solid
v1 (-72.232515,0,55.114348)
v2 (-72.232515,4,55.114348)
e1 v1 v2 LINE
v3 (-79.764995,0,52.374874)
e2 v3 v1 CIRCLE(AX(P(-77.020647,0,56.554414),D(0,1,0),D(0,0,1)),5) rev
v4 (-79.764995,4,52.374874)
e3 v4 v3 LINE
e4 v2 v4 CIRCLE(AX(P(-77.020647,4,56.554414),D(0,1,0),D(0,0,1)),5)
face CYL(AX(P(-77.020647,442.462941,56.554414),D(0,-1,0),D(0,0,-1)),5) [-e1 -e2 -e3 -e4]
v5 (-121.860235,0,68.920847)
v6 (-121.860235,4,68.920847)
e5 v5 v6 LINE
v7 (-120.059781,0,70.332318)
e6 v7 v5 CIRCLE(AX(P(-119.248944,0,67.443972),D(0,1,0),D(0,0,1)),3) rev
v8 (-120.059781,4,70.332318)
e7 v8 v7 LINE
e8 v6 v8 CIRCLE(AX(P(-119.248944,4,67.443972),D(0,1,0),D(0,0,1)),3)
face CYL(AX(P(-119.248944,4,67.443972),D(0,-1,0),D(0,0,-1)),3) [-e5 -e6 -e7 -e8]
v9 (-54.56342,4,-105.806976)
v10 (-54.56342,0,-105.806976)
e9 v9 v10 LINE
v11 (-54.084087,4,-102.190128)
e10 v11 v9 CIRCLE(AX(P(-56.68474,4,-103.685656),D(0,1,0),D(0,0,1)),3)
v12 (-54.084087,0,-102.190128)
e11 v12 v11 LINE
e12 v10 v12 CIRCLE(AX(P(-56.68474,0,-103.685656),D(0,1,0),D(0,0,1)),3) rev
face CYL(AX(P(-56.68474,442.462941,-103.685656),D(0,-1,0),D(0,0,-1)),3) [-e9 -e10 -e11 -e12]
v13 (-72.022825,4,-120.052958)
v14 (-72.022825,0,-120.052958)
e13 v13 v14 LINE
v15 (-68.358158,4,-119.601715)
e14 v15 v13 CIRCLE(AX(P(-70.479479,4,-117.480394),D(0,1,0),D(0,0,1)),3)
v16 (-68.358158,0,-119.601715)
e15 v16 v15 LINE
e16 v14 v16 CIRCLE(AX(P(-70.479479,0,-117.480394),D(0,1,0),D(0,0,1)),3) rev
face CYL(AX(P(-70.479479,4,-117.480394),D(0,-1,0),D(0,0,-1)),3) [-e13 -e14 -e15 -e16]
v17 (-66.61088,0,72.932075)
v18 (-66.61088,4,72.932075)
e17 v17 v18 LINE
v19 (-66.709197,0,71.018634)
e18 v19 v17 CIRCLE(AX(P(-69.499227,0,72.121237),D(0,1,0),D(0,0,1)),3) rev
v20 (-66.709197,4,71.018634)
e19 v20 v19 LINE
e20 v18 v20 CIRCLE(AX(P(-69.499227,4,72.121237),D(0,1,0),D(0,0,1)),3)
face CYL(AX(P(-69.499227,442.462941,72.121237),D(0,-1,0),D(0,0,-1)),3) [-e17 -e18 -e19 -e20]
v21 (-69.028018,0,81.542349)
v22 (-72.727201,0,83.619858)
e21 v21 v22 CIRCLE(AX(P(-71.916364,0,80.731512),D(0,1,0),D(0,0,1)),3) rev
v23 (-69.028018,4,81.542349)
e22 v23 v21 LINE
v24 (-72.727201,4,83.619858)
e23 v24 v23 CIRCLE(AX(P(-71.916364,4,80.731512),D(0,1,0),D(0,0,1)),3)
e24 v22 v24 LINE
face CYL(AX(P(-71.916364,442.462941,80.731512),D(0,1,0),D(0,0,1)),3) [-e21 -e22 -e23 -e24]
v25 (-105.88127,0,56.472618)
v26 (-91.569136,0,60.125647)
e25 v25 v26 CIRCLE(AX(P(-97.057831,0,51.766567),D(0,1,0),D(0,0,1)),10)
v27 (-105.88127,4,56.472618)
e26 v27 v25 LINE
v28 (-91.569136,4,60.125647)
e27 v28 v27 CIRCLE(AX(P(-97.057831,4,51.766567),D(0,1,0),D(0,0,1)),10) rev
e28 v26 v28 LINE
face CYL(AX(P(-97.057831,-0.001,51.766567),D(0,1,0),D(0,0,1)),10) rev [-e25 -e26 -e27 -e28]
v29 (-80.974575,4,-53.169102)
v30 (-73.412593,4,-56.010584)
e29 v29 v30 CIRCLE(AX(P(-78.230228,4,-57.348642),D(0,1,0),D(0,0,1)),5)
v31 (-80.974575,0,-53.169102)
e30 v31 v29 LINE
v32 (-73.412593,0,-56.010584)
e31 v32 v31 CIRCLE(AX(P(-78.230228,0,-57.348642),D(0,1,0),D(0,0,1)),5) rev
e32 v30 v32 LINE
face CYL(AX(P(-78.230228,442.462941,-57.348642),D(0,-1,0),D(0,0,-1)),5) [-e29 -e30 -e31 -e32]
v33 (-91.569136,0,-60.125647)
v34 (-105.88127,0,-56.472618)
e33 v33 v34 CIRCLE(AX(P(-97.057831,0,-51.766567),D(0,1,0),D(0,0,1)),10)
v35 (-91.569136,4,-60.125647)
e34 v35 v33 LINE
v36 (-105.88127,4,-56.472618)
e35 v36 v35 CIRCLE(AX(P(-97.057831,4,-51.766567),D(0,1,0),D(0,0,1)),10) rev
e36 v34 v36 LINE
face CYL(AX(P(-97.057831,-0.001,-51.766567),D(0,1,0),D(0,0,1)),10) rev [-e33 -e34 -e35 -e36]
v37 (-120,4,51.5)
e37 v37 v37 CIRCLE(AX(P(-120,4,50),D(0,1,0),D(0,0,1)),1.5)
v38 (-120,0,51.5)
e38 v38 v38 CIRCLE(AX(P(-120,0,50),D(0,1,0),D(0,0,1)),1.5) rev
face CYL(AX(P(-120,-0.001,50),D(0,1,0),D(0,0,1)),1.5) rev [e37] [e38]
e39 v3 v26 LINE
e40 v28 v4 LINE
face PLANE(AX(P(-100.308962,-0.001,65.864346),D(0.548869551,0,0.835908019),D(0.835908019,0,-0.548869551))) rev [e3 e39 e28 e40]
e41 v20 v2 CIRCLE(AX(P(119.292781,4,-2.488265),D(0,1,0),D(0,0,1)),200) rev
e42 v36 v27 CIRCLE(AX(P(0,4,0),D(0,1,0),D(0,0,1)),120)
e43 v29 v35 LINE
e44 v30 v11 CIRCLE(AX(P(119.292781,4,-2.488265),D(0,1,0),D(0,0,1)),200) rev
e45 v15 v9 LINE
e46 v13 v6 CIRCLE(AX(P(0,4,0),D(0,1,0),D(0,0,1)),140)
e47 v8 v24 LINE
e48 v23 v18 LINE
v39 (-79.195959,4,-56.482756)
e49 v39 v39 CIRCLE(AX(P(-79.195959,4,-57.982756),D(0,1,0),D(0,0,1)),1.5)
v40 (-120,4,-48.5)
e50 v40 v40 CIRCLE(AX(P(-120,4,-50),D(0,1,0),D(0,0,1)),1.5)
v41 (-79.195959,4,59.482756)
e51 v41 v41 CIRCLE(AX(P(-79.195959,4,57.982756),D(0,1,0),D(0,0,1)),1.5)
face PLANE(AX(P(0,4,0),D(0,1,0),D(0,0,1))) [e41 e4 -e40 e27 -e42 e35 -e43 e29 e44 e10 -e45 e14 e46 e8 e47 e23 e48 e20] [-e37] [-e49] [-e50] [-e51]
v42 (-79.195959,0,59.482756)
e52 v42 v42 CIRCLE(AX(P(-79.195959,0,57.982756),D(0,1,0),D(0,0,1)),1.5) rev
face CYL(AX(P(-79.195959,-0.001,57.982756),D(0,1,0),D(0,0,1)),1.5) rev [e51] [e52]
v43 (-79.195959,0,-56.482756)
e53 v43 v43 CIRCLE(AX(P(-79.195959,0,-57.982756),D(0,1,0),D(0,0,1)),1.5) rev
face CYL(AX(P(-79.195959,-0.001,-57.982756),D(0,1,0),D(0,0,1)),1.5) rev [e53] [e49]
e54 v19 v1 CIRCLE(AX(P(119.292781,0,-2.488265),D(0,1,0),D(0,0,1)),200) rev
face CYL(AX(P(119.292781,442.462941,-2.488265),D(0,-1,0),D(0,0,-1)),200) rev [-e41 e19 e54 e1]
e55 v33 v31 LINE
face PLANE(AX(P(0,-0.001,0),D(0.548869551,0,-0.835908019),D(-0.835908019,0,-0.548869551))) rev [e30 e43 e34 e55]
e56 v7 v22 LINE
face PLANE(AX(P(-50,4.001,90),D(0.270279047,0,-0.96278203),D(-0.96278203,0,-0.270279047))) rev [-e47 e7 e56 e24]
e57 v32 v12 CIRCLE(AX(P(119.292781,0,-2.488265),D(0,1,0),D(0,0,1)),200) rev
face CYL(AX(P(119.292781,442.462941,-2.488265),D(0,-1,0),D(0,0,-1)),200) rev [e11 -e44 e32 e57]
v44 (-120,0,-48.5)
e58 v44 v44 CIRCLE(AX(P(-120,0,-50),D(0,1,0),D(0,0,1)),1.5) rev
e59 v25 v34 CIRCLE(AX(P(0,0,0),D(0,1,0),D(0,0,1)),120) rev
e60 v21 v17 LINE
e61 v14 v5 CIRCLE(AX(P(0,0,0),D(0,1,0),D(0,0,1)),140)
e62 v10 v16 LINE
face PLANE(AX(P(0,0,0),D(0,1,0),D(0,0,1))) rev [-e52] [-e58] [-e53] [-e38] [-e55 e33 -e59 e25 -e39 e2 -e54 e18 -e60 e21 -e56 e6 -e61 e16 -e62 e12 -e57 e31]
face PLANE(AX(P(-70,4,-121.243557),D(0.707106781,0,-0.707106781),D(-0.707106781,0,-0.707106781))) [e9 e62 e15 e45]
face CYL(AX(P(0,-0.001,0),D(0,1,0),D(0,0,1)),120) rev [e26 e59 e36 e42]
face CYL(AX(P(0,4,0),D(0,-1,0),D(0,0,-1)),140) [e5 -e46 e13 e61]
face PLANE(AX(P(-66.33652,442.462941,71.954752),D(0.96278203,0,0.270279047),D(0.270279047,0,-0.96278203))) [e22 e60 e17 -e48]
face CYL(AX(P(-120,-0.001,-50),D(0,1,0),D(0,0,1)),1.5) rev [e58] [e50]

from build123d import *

# Parameters (mm, degrees)
SKETCH1_R               = 140
BOSS_EXTRUDE1_DEPTH     = 4
CUT_EXTRUDE1_REACH      = 6
CUT_EXTRUDE3_REACH      = 6
SKETCH19_R              = 1.5
CUT_EXTRUDE4_REACH      = 6
FILLET2_R               = 10
CUT_EXTRUDE8_DEPTH      = 1
CUT_EXTRUDE8_DEPTH_BACK = 5
CUT_EXTRUDE9_REACH      = 6
FILLET4_R               = 5
FILLET6_R               = 10
CUT_EXTRUDE10_REACH     = 6
SKETCH25_R              = 1.5
FILLET5_R               = 3


with BuildPart() as part:
    # Sketch1 → Boss-Extrude1 (new body)
    with BuildSketch(Plane(origin=(0, 0, 0), x_dir=(1, 0, 0), z_dir=(0, 1, 0))):
        Circle(SKETCH1_R)
    extrude(amount=BOSS_EXTRUDE1_DEPTH)

    # Sketch17 → Cut-Extrude1 (cut, up to next)
    with BuildSketch(Plane.XZ, mode=Mode.PRIVATE) as cut_extrude1_sk1:
        Polygon((-50, 90), (-121.24355653, 70), (-121.24355653, 140), (121.24355653, 140), (121.24355653, 70), (50, 90), align=None)
    cut_extrude1_tool1 = extrude(cut_extrude1_sk1.sketch, amount=-CUT_EXTRUDE1_REACH, mode=Mode.PRIVATE) & part.part
    add(cut_extrude1_tool1.solids().sort_by_distance((0, 0, 111.669853))[0], mode=Mode.SUBTRACT)

    # Sketch19 → Cut-Extrude3 (cut, up to next)
    with BuildSketch(Plane(origin=(0, 4, 0), x_dir=(1, 0, 0), z_dir=(0, 1, 0)), mode=Mode.PRIVATE) as cut_extrude3_sk1:
        with Locations((-79.195959493, -57.982756057)):
            Circle(SKETCH19_R)
    cut_extrude3_tool1 = extrude(cut_extrude3_sk1.sketch, amount=-CUT_EXTRUDE3_REACH, mode=Mode.PRIVATE) & part.part
    add(cut_extrude3_tool1.solids().sort_by_distance((-79.195959, 4, 57.982756))[0], mode=Mode.SUBTRACT)
    # Sketch19 → Cut-Extrude3 (cut, up to next)
    with BuildSketch(Plane(origin=(0, 4, 0), x_dir=(1, 0, 0), z_dir=(0, 1, 0)), mode=Mode.PRIVATE) as cut_extrude3_sk2:
        with Locations((-79.195959493, 57.982756057)):
            Circle(SKETCH19_R)
    cut_extrude3_tool2 = extrude(cut_extrude3_sk2.sketch, amount=-CUT_EXTRUDE3_REACH, mode=Mode.PRIVATE) & part.part
    add(cut_extrude3_tool2.solids().sort_by_distance((-79.195959, 4, -57.982756))[0], mode=Mode.SUBTRACT)
    # Sketch19 → Cut-Extrude3 (cut, up to next)
    with BuildSketch(Plane(origin=(0, 4, 0), x_dir=(1, 0, 0), z_dir=(0, 1, 0)), mode=Mode.PRIVATE) as cut_extrude3_sk3:
        with Locations((79.195959493, 57.982756057)):
            Circle(SKETCH19_R)
    cut_extrude3_tool3 = extrude(cut_extrude3_sk3.sketch, amount=-CUT_EXTRUDE3_REACH, mode=Mode.PRIVATE) & part.part
    add(cut_extrude3_tool3.solids().sort_by_distance((79.195959, 4, -57.982756))[0], mode=Mode.SUBTRACT)
    # Sketch19 → Cut-Extrude3 (cut, up to next)
    with BuildSketch(Plane(origin=(0, 4, 0), x_dir=(1, 0, 0), z_dir=(0, 1, 0)), mode=Mode.PRIVATE) as cut_extrude3_sk4:
        with Locations((79.195959493, -57.982756057)):
            Circle(SKETCH19_R)
    cut_extrude3_tool4 = extrude(cut_extrude3_sk4.sketch, amount=-CUT_EXTRUDE3_REACH, mode=Mode.PRIVATE) & part.part
    add(cut_extrude3_tool4.solids().sort_by_distance((79.195959, 4, 57.982756))[0], mode=Mode.SUBTRACT)
    # Sketch19 → Cut-Extrude3 (cut, up to next)
    with BuildSketch(Plane(origin=(0, 4, 0), x_dir=(1, 0, 0), z_dir=(0, 1, 0)), mode=Mode.PRIVATE) as cut_extrude3_sk5:
        with Locations((-57.982756057, 79.195959493)):
            Circle(SKETCH19_R)
    cut_extrude3_tool5 = extrude(cut_extrude3_sk5.sketch, amount=-CUT_EXTRUDE3_REACH, mode=Mode.PRIVATE) & part.part
    add(cut_extrude3_tool5.solids().sort_by_distance((-57.982756, 4, -79.195959))[0], mode=Mode.SUBTRACT)
    # Sketch19 → Cut-Extrude3 (cut, up to next)
    with BuildSketch(Plane(origin=(0, 4, 0), x_dir=(1, 0, 0), z_dir=(0, 1, 0)), mode=Mode.PRIVATE) as cut_extrude3_sk6:
        with Locations((57.982756057, 79.195959493)):
            Circle(SKETCH19_R)
    cut_extrude3_tool6 = extrude(cut_extrude3_sk6.sketch, amount=-CUT_EXTRUDE3_REACH, mode=Mode.PRIVATE) & part.part
    add(cut_extrude3_tool6.solids().sort_by_distance((57.982756, 4, -79.195959))[0], mode=Mode.SUBTRACT)
    # Sketch19 → Cut-Extrude3 (cut, up to next)
    with BuildSketch(Plane(origin=(0, 4, 0), x_dir=(1, 0, 0), z_dir=(0, 1, 0)), mode=Mode.PRIVATE) as cut_extrude3_sk7:
        with Locations((57.982756057, -79.195959493)):
            Circle(SKETCH19_R)
    cut_extrude3_tool7 = extrude(cut_extrude3_sk7.sketch, amount=-CUT_EXTRUDE3_REACH, mode=Mode.PRIVATE) & part.part
    add(cut_extrude3_tool7.solids().sort_by_distance((57.982756, 4, 79.195959))[0], mode=Mode.SUBTRACT)
    # Sketch19 → Cut-Extrude3 (cut, up to next)
    with BuildSketch(Plane(origin=(0, 4, 0), x_dir=(1, 0, 0), z_dir=(0, 1, 0)), mode=Mode.PRIVATE) as cut_extrude3_sk8:
        with Locations((-57.982756057, -79.195959493)):
            Circle(SKETCH19_R)
    cut_extrude3_tool8 = extrude(cut_extrude3_sk8.sketch, amount=-CUT_EXTRUDE3_REACH, mode=Mode.PRIVATE) & part.part
    add(cut_extrude3_tool8.solids().sort_by_distance((-57.982756, 4, 79.195959))[0], mode=Mode.SUBTRACT)

    # Sketch20 → Cut-Extrude4 (cut, up to next)
    with BuildSketch(Plane(origin=(0, 4, 0), x_dir=(1, 0, 0), z_dir=(0, 1, 0)), mode=Mode.PRIVATE) as cut_extrude4_sk1:
        Polygon((-498.316459894, 549.560016424), (-70, 121.24355653), (-50, 101.24355653), (50, 101.24355653), (70, 121.24355653), (498.316459894, 549.560016424), (498.316459894, 1761.021909565), (-498.316459894, 1761.021909565), align=None)
    cut_extrude4_tool1 = extrude(cut_extrude4_sk1.sketch, amount=-CUT_EXTRUDE4_REACH, mode=Mode.PRIVATE) & part.part
    add(cut_extrude4_tool1.solids().sort_by_distance((0, 4, -1025.243605))[0], mode=Mode.SUBTRACT)

    # Fillet2
    fillet2_edges = [part.edges().sort_by_distance(p)[0] for p in [
        (50, 2, -101.24355653),
        (-50, 2, -101.24355653),
    ]]
    fillet(fillet2_edges, radius=FILLET2_R)

    # Sketch23 → Cut-Extrude8 (cut, two sides)
    with BuildSketch(Plane(origin=(0, 4, 0), x_dir=(1, 0, 0), z_dir=(0, 1, 0))) as cut_extrude8_sk:
        with BuildLine():
            Line((261.924008605, 637.436261059), (-52.928932188, 104.172488718))
            ThreePointArc((-52.928932188, 104.172488718), (-80.130232259, 17.669229552), (-66.336519501, -71.95475195))
            Line((-66.336519501, -71.95475195), (-73.189737717, -96.367133919))
            Line((-73.189737717, -96.367133919), (-240.56703475, -692.594830068))
            Line((-240.56703475, -692.594830068), (918.053550165, -1130.326301498))
            Line((918.053550165, -1130.326301498), (1420.54459352, 199.704789628))
            Line((1420.54459352, 199.704789628), (261.924008605, 637.436261059))
        make_face()
    extrude(amount=CUT_EXTRUDE8_DEPTH, mode=Mode.SUBTRACT)
    extrude(cut_extrude8_sk.sketch, amount=-CUT_EXTRUDE8_DEPTH_BACK, mode=Mode.SUBTRACT)

    # Sketch24 → Cut-Extrude9 (cut, up to next)
    with BuildSketch(Plane(origin=(0, 4, 0), x_dir=(1, 0, 0), z_dir=(0, 1, 0)), mode=Mode.PRIVATE) as cut_extrude9_sk1:
        with BuildLine():
            Line((0, 0), (-100.308962252, 65.864346136))
            ThreePointArc((-100.308962252, 65.864346136), (-120, 0), (-100.308962252, -65.864346136))
            Line((-100.308962252, -65.864346136), (0, 0))
        make_face()
    cut_extrude9_tool1 = extrude(cut_extrude9_sk1.sketch, amount=-CUT_EXTRUDE9_REACH, mode=Mode.PRIVATE) & part.part
    add(cut_extrude9_tool1.solids().sort_by_distance((-75.574375, 4, 0))[0], mode=Mode.SUBTRACT)

    # Fillet4
    fillet4_edges = [part.edges().sort_by_distance(p)[0] for p in [
        (-74.063830686, 2, 48.63140512),
        (-75.142204111, 2, -49.339481038),
    ]]
    fillet(fillet4_edges, radius=FILLET4_R)

    # Fillet6
    fillet6_edges = [part.edges().sort_by_distance(p)[0] for p in [
        (-100.308962252, 2, 65.864346136),
        (-100.308962252, 2, -65.864346136),
    ]]
    fillet(fillet6_edges, radius=FILLET6_R)

    # Sketch25 → Cut-Extrude10 (cut, up to next)
    with BuildSketch(Plane(origin=(0, 4, 0), x_dir=(1, 0, 0), z_dir=(0, 1, 0)), mode=Mode.PRIVATE) as cut_extrude10_sk1:
        with Locations((-120, 50)):
            Circle(SKETCH25_R)
    cut_extrude10_tool1 = extrude(cut_extrude10_sk1.sketch, amount=-CUT_EXTRUDE10_REACH, mode=Mode.PRIVATE) & part.part
    add(cut_extrude10_tool1.solids().sort_by_distance((-120, 4, -50))[0], mode=Mode.SUBTRACT)
    # Sketch25 → Cut-Extrude10 (cut, up to next)
    with BuildSketch(Plane(origin=(0, 4, 0), x_dir=(1, 0, 0), z_dir=(0, 1, 0)), mode=Mode.PRIVATE) as cut_extrude10_sk2:
        with Locations((-120, -50)):
            Circle(SKETCH25_R)
    cut_extrude10_tool2 = extrude(cut_extrude10_sk2.sketch, amount=-CUT_EXTRUDE10_REACH, mode=Mode.PRIVATE) & part.part
    add(cut_extrude10_tool2.solids().sort_by_distance((-120, 4, 50))[0], mode=Mode.SUBTRACT)

    # Fillet5
    fillet5_edges = [part.edges().sort_by_distance(p)[0] for p in [
        (-121.24355653, 2, 70),
        (-70, 2, -121.24355653),
        (-52.928932188, 2, -104.172488718),
        (-69.838855295, 2, 84.430694855),
        (-66.336519501, 2, 71.95475195),
    ]]
    fillet(fillet5_edges, radius=FILLET5_R)


solid = part.part
